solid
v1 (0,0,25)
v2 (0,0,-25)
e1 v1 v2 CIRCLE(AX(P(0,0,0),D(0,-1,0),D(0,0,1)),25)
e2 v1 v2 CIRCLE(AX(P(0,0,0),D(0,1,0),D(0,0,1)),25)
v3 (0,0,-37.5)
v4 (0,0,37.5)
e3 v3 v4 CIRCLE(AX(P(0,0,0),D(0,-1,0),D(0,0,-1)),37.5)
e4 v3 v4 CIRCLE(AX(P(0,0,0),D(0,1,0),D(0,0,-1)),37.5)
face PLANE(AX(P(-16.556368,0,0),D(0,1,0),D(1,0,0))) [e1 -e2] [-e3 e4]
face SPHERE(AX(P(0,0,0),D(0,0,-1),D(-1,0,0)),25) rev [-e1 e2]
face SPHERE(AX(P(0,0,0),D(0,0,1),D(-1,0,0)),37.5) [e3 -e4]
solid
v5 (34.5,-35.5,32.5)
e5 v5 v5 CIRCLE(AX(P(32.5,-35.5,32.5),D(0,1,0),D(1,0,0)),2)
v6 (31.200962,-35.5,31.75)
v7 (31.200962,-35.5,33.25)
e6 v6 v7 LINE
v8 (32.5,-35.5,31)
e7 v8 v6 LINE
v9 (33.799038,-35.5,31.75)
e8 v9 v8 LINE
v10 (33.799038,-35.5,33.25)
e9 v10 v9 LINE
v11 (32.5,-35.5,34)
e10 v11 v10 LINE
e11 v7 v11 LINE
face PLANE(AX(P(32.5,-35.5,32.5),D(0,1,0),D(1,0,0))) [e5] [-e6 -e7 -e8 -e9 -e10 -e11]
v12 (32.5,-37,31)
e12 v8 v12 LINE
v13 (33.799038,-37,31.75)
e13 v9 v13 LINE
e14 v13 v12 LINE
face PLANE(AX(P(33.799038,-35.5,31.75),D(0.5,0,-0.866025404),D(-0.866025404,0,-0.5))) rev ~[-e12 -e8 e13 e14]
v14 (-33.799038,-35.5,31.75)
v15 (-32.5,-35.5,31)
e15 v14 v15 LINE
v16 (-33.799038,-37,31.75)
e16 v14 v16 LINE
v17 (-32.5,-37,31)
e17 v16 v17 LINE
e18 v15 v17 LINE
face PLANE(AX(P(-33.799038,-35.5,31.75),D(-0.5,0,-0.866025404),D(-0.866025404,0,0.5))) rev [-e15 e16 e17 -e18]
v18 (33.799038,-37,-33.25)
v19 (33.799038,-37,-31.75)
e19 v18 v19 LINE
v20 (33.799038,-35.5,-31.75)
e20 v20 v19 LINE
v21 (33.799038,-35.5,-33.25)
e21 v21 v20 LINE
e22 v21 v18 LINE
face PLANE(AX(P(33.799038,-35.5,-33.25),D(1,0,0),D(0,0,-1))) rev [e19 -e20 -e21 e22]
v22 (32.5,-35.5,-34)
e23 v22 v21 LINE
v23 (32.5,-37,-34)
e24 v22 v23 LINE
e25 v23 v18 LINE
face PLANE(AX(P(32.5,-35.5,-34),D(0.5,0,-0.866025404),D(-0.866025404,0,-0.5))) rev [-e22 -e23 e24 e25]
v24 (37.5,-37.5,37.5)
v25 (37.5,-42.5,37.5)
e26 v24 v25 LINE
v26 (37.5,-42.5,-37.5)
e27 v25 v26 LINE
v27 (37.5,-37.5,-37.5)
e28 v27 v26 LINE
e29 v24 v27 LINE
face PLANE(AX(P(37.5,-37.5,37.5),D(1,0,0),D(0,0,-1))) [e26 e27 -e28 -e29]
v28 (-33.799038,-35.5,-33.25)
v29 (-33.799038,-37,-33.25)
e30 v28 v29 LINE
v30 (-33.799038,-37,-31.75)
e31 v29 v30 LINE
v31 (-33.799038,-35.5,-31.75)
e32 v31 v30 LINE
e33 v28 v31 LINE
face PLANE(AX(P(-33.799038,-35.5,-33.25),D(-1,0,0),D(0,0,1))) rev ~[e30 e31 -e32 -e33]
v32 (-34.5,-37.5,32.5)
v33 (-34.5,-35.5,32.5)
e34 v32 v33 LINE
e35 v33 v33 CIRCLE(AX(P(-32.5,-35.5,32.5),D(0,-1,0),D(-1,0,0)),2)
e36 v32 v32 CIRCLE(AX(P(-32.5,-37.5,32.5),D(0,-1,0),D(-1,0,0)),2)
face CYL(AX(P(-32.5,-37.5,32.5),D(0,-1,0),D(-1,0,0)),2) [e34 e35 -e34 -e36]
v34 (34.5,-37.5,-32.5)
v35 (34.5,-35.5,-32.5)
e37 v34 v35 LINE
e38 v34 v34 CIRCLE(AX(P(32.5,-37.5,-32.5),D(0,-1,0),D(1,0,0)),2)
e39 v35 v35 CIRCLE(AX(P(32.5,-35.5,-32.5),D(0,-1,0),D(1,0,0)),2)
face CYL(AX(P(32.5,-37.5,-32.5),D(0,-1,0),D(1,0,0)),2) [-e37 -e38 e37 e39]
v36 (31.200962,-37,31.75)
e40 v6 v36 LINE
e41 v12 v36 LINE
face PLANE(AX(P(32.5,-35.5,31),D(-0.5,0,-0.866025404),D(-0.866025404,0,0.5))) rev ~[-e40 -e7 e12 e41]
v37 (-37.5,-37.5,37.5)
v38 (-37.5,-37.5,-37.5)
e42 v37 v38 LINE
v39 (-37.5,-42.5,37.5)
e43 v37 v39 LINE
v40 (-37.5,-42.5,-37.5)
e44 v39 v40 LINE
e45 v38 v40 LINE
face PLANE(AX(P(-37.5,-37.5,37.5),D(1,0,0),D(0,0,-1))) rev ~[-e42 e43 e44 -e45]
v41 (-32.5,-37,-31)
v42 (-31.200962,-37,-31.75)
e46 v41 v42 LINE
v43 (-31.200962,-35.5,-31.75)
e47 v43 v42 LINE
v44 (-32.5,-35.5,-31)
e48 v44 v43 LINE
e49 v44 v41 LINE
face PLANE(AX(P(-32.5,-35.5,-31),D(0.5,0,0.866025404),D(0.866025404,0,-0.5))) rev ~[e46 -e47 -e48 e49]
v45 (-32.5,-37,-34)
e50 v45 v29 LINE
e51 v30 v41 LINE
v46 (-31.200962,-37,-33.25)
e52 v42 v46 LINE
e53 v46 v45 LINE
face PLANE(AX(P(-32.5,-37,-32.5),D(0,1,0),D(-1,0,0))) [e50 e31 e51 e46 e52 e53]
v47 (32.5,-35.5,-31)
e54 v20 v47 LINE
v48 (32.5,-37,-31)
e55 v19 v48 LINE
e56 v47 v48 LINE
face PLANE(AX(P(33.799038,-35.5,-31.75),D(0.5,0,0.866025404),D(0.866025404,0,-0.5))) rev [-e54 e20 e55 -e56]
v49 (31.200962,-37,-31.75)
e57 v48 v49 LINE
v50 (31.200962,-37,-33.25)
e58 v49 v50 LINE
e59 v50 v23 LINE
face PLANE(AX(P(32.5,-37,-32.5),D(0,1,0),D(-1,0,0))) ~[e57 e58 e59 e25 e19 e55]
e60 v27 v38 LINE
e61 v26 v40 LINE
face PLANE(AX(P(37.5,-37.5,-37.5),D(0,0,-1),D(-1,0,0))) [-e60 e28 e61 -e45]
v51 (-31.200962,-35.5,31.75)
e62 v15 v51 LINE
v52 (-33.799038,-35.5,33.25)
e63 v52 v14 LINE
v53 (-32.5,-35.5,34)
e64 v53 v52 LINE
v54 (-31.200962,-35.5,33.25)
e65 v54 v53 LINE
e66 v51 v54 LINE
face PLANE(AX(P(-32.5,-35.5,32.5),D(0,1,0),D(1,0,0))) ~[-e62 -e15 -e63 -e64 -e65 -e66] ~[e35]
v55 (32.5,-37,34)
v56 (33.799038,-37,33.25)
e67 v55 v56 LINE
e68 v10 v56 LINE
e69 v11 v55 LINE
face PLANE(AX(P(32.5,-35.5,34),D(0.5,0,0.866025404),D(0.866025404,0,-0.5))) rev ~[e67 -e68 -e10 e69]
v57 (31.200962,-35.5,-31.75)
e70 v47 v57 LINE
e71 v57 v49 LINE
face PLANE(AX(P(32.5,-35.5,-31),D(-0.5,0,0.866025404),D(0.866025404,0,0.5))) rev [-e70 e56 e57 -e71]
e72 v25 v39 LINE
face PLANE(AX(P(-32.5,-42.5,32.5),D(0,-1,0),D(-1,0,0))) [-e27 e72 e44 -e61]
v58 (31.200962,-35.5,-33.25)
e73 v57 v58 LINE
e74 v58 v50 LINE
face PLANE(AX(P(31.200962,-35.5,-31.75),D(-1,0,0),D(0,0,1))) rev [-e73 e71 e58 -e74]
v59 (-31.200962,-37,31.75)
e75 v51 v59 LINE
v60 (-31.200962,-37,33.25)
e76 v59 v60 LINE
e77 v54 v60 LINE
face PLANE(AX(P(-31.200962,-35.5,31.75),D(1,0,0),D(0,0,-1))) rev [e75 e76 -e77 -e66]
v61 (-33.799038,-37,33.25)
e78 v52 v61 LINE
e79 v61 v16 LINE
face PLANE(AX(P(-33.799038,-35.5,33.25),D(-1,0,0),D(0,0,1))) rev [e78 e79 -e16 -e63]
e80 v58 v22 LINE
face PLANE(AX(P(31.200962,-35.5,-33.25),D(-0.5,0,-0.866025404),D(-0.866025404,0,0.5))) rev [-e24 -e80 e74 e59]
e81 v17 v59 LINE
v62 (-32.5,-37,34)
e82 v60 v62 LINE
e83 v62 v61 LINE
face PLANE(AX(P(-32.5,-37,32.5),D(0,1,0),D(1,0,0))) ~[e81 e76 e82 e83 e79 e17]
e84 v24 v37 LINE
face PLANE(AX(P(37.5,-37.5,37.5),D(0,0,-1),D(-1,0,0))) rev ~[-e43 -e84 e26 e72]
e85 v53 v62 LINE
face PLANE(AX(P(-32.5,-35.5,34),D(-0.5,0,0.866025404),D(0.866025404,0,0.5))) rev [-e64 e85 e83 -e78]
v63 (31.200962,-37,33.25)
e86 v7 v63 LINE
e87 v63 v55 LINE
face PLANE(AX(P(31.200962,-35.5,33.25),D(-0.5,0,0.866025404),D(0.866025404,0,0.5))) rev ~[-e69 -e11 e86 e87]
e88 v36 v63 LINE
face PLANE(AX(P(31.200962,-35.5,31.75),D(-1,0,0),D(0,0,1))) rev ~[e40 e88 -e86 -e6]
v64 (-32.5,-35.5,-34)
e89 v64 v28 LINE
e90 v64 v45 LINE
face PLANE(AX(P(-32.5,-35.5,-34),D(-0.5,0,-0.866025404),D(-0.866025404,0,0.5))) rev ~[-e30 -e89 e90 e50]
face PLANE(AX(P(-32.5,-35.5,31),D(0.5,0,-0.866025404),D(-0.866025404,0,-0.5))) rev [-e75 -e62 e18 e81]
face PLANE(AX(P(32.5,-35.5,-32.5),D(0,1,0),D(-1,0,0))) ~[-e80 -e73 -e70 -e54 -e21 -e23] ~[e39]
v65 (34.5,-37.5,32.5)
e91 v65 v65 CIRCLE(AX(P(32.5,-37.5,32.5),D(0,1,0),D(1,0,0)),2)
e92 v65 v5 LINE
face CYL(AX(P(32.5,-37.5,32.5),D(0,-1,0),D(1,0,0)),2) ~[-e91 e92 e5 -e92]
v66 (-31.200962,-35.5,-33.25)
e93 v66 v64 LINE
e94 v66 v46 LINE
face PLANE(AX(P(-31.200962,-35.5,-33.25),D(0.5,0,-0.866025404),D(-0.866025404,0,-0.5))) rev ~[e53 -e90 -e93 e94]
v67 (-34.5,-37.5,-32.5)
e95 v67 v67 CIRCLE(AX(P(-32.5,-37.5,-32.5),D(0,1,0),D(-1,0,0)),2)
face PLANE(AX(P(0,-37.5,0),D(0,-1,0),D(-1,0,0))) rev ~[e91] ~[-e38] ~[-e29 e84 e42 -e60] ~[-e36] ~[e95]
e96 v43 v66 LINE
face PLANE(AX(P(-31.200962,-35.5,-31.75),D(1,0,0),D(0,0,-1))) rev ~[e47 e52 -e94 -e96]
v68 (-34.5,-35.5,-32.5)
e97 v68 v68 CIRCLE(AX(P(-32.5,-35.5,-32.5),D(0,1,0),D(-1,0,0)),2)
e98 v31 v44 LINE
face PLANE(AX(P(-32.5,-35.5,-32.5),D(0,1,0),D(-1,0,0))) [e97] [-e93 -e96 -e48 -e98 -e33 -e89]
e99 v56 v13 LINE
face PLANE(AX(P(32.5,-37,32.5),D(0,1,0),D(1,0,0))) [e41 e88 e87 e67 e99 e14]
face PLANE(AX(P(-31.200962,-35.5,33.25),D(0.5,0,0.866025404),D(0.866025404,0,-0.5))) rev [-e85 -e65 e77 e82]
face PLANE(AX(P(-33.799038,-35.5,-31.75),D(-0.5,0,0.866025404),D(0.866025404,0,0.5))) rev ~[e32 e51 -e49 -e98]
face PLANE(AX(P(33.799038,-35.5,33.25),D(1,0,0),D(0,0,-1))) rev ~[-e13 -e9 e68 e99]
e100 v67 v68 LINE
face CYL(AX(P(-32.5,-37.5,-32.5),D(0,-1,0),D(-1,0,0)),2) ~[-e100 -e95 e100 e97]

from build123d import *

# Parameters (mm, degrees)
REVOLVE3_ANGLE          = 180
SKETCH2_W               = 75
SKETCH2_H               = 75
BOSS_EXTRUDE1_DEPTH     = 5
SKETCH3_R               = 1.5
CUT_EXTRUDE1_DEPTH      = 5
SKETCH4_R               = 2
BOSS_EXTRUDE2_DEPTH     = 2
CUT_EXTRUDE2_DEPTH      = 1.5
BOSS_EXTRUDE3_REACH     = 69.961
SKETCH6_R               = 1.5
MIRROR2_COPY_1_SKETCH_R = 1.5
MIRROR2_COPY_1_DEPTH    = 5
MIRROR2_COPY_2_SKETCH_R = 2
MIRROR2_COPY_2_DEPTH    = 2
MIRROR2_COPY_3_DEPTH    = 1.5
MIRROR2_COPY_4_REACH    = 69.961
MIRROR2_COPY_4_SKETCH_R = 1.5
MIRROR2_COPY_5_SKETCH_R = 1.5
MIRROR2_COPY_5_DEPTH    = 5
MIRROR2_COPY_6_REACH    = 69.961
MIRROR2_COPY_6_SKETCH_R = 1.5


with BuildPart() as part:
    # Sketch1 → Revolve3 (revolve)
    with BuildSketch(Plane(origin=(0, 0, 0), x_dir=(1, 0, 0), z_dir=(0, 1, 0))):
        with BuildLine():
            Line((0, 25), (0, 37.5))
            ThreePointArc((0, 37.5), (-37.5, 0), (0, -37.5))
            Line((0, -37.5), (0, -25))
            ThreePointArc((0, -25), (-25, 0), (0, 25))
        make_face()
    revolve(axis=Axis((0, 0, -18.61408832), (0, 0, 1)), revolution_arc=REVOLVE3_ANGLE)


with BuildPart() as body_2:
    # Sketch2 → Boss-Extrude1 (new body)
    with BuildSketch(Plane(origin=(0, -37.5, 0), x_dir=(-1, 0, 0), z_dir=(0, -1, 0))):
        Rectangle(SKETCH2_W, SKETCH2_H)
    extrude(amount=BOSS_EXTRUDE1_DEPTH)

    # Sketch3 → Cut-Extrude1 (cut)
    with BuildSketch(Plane(origin=(0, -37.5, 0), x_dir=(1, 0, 0), z_dir=(0, 1, 0))):
        with Locations(Location((32.5, -32.5, 0), (0, 0, 180))):
            Circle(SKETCH3_R)
    cut_extrude1 = extrude(amount=-CUT_EXTRUDE1_DEPTH, mode=Mode.SUBTRACT)

    # Sketch4 → Boss-Extrude2 (add)
    with BuildSketch(Plane(origin=(0, -37.5, 0), x_dir=(1, 0, 0), z_dir=(0, 1, 0))):
        with Locations((32.5, -32.5)):
            Circle(SKETCH4_R)
    boss_extrude2 = extrude(amount=BOSS_EXTRUDE2_DEPTH)

    # Sketch5 → Cut-Extrude2 (cut)
    with BuildSketch(Plane(origin=(0, -35.5, 0), x_dir=(1, 0, 0), z_dir=(0, 1, 0))):
        Polygon((31.200961894, -31.75), (31.200961894, -33.25), (32.5, -34), (33.799038106, -33.25), (33.799038106, -31.75), (32.5, -31), align=None)
    cut_extrude2 = extrude(amount=-CUT_EXTRUDE2_DEPTH, mode=Mode.SUBTRACT)

    # Sketch6 → Boss-Extrude3 (add, up to next)
    with BuildSketch(Plane.XZ.offset(42.5), mode=Mode.PRIVATE) as boss_extrude3_sk1:
        with Locations((32.5, 32.5)):
            Circle(SKETCH6_R)
    boss_extrude3_tool1 = extrude(boss_extrude3_sk1.sketch, amount=-BOSS_EXTRUDE3_REACH, mode=Mode.PRIVATE) - body_2.part
    boss_extrude3 = boss_extrude3_tool1.solids().sort_by_distance((32.5, -42.5, 32.5))[0]
    add(boss_extrude3)

    # Mirror1: Cut-Extrude1, Boss-Extrude2, Cut-Extrude2, Boss-Extrude3 across plane
    add(cut_extrude1.mirror(Plane.XY), mode=Mode.SUBTRACT)
    add(boss_extrude2.mirror(Plane.XY))
    add(cut_extrude2.mirror(Plane.XY), mode=Mode.SUBTRACT)
    add(boss_extrude3.mirror(Plane.XY))

    # Mirror2: Boss-Extrude2, Cut-Extrude2 across plane
    add(boss_extrude2.mirror(Plane(origin=(0, 0, 0), x_dir=(0, 0, 1), z_dir=(1, 0, 0))))
    add(cut_extrude2.mirror(Plane(origin=(0, 0, 0), x_dir=(0, 0, 1), z_dir=(1, 0, 0))), mode=Mode.SUBTRACT)

    # Mirror2 copy 1 sketch → Mirror2 copy 1 (cut)
    with BuildSketch(Plane(origin=(0, -37.5, 0), x_dir=(-1, 0, 0), z_dir=(0, 1, 0))):
        with Locations(Location((32.5, -32.5, 0), (0, 0, 180))):
            Circle(MIRROR2_COPY_1_SKETCH_R)
    extrude(amount=-MIRROR2_COPY_1_DEPTH, mode=Mode.SUBTRACT)

    # Mirror2 copy 2 sketch → Mirror2 copy 2 (add)
    with BuildSketch(Plane(origin=(0, -37.5, 0), x_dir=(-1, 0, 0), z_dir=(0, 1, 0))):
        with Locations((32.5, -32.5)):
            Circle(MIRROR2_COPY_2_SKETCH_R)
    extrude(amount=MIRROR2_COPY_2_DEPTH)

    # Mirror2 copy 3 sketch → Mirror2 copy 3 (cut)
    with BuildSketch(Plane(origin=(0, -35.5, 0), x_dir=(-1, 0, 0), z_dir=(0, 1, 0))):
        Polygon((31.200961894, -31.75), (31.200961894, -33.25), (32.5, -34), (33.799038106, -33.25), (33.799038106, -31.75), (32.5, -31), align=None)
    extrude(amount=-MIRROR2_COPY_3_DEPTH, mode=Mode.SUBTRACT)

    # Mirror2 copy 4 sketch → Mirror2 copy 4 (add, up to next)
    with BuildSketch(Plane(origin=(0, -42.5, 0), x_dir=(-1, 0, 0), z_dir=(0, -1, 0)), mode=Mode.PRIVATE) as mirror2_copy_4_sk1:
        with Locations((32.5, 32.5)):
            Circle(MIRROR2_COPY_4_SKETCH_R)
    mirror2_copy_4_tool1 = extrude(mirror2_copy_4_sk1.sketch, amount=-MIRROR2_COPY_4_REACH, mode=Mode.PRIVATE) - body_2.part
    add(mirror2_copy_4_tool1.solids().sort_by_distance((-32.5, -42.5, -32.5))[0])

    # Mirror2 copy 5 sketch → Mirror2 copy 5 (cut)
    with BuildSketch(Plane(origin=(0, -37.5, 0), x_dir=(-1, 0, 0), z_dir=(0, 1, 0))):
        with Locations((32.5, 32.5)):
            Circle(MIRROR2_COPY_5_SKETCH_R)
    extrude(amount=-MIRROR2_COPY_5_DEPTH, mode=Mode.SUBTRACT)

    # Mirror2 copy 6 sketch → Mirror2 copy 6 (add, up to next)
    with BuildSketch(Plane(origin=(0, -42.5, 0), x_dir=(-1, 0, 0), z_dir=(0, -1, 0)), mode=Mode.PRIVATE) as mirror2_copy_6_sk1:
        with Locations((32.5, -32.5)):
            Circle(MIRROR2_COPY_6_SKETCH_R)
    mirror2_copy_6_tool1 = extrude(mirror2_copy_6_sk1.sketch, amount=-MIRROR2_COPY_6_REACH, mode=Mode.PRIVATE) - body_2.part
    add(mirror2_copy_6_tool1.solids().sort_by_distance((-32.5, -42.5, 32.5))[0])


solid = Compound([part.part, body_2.part])
